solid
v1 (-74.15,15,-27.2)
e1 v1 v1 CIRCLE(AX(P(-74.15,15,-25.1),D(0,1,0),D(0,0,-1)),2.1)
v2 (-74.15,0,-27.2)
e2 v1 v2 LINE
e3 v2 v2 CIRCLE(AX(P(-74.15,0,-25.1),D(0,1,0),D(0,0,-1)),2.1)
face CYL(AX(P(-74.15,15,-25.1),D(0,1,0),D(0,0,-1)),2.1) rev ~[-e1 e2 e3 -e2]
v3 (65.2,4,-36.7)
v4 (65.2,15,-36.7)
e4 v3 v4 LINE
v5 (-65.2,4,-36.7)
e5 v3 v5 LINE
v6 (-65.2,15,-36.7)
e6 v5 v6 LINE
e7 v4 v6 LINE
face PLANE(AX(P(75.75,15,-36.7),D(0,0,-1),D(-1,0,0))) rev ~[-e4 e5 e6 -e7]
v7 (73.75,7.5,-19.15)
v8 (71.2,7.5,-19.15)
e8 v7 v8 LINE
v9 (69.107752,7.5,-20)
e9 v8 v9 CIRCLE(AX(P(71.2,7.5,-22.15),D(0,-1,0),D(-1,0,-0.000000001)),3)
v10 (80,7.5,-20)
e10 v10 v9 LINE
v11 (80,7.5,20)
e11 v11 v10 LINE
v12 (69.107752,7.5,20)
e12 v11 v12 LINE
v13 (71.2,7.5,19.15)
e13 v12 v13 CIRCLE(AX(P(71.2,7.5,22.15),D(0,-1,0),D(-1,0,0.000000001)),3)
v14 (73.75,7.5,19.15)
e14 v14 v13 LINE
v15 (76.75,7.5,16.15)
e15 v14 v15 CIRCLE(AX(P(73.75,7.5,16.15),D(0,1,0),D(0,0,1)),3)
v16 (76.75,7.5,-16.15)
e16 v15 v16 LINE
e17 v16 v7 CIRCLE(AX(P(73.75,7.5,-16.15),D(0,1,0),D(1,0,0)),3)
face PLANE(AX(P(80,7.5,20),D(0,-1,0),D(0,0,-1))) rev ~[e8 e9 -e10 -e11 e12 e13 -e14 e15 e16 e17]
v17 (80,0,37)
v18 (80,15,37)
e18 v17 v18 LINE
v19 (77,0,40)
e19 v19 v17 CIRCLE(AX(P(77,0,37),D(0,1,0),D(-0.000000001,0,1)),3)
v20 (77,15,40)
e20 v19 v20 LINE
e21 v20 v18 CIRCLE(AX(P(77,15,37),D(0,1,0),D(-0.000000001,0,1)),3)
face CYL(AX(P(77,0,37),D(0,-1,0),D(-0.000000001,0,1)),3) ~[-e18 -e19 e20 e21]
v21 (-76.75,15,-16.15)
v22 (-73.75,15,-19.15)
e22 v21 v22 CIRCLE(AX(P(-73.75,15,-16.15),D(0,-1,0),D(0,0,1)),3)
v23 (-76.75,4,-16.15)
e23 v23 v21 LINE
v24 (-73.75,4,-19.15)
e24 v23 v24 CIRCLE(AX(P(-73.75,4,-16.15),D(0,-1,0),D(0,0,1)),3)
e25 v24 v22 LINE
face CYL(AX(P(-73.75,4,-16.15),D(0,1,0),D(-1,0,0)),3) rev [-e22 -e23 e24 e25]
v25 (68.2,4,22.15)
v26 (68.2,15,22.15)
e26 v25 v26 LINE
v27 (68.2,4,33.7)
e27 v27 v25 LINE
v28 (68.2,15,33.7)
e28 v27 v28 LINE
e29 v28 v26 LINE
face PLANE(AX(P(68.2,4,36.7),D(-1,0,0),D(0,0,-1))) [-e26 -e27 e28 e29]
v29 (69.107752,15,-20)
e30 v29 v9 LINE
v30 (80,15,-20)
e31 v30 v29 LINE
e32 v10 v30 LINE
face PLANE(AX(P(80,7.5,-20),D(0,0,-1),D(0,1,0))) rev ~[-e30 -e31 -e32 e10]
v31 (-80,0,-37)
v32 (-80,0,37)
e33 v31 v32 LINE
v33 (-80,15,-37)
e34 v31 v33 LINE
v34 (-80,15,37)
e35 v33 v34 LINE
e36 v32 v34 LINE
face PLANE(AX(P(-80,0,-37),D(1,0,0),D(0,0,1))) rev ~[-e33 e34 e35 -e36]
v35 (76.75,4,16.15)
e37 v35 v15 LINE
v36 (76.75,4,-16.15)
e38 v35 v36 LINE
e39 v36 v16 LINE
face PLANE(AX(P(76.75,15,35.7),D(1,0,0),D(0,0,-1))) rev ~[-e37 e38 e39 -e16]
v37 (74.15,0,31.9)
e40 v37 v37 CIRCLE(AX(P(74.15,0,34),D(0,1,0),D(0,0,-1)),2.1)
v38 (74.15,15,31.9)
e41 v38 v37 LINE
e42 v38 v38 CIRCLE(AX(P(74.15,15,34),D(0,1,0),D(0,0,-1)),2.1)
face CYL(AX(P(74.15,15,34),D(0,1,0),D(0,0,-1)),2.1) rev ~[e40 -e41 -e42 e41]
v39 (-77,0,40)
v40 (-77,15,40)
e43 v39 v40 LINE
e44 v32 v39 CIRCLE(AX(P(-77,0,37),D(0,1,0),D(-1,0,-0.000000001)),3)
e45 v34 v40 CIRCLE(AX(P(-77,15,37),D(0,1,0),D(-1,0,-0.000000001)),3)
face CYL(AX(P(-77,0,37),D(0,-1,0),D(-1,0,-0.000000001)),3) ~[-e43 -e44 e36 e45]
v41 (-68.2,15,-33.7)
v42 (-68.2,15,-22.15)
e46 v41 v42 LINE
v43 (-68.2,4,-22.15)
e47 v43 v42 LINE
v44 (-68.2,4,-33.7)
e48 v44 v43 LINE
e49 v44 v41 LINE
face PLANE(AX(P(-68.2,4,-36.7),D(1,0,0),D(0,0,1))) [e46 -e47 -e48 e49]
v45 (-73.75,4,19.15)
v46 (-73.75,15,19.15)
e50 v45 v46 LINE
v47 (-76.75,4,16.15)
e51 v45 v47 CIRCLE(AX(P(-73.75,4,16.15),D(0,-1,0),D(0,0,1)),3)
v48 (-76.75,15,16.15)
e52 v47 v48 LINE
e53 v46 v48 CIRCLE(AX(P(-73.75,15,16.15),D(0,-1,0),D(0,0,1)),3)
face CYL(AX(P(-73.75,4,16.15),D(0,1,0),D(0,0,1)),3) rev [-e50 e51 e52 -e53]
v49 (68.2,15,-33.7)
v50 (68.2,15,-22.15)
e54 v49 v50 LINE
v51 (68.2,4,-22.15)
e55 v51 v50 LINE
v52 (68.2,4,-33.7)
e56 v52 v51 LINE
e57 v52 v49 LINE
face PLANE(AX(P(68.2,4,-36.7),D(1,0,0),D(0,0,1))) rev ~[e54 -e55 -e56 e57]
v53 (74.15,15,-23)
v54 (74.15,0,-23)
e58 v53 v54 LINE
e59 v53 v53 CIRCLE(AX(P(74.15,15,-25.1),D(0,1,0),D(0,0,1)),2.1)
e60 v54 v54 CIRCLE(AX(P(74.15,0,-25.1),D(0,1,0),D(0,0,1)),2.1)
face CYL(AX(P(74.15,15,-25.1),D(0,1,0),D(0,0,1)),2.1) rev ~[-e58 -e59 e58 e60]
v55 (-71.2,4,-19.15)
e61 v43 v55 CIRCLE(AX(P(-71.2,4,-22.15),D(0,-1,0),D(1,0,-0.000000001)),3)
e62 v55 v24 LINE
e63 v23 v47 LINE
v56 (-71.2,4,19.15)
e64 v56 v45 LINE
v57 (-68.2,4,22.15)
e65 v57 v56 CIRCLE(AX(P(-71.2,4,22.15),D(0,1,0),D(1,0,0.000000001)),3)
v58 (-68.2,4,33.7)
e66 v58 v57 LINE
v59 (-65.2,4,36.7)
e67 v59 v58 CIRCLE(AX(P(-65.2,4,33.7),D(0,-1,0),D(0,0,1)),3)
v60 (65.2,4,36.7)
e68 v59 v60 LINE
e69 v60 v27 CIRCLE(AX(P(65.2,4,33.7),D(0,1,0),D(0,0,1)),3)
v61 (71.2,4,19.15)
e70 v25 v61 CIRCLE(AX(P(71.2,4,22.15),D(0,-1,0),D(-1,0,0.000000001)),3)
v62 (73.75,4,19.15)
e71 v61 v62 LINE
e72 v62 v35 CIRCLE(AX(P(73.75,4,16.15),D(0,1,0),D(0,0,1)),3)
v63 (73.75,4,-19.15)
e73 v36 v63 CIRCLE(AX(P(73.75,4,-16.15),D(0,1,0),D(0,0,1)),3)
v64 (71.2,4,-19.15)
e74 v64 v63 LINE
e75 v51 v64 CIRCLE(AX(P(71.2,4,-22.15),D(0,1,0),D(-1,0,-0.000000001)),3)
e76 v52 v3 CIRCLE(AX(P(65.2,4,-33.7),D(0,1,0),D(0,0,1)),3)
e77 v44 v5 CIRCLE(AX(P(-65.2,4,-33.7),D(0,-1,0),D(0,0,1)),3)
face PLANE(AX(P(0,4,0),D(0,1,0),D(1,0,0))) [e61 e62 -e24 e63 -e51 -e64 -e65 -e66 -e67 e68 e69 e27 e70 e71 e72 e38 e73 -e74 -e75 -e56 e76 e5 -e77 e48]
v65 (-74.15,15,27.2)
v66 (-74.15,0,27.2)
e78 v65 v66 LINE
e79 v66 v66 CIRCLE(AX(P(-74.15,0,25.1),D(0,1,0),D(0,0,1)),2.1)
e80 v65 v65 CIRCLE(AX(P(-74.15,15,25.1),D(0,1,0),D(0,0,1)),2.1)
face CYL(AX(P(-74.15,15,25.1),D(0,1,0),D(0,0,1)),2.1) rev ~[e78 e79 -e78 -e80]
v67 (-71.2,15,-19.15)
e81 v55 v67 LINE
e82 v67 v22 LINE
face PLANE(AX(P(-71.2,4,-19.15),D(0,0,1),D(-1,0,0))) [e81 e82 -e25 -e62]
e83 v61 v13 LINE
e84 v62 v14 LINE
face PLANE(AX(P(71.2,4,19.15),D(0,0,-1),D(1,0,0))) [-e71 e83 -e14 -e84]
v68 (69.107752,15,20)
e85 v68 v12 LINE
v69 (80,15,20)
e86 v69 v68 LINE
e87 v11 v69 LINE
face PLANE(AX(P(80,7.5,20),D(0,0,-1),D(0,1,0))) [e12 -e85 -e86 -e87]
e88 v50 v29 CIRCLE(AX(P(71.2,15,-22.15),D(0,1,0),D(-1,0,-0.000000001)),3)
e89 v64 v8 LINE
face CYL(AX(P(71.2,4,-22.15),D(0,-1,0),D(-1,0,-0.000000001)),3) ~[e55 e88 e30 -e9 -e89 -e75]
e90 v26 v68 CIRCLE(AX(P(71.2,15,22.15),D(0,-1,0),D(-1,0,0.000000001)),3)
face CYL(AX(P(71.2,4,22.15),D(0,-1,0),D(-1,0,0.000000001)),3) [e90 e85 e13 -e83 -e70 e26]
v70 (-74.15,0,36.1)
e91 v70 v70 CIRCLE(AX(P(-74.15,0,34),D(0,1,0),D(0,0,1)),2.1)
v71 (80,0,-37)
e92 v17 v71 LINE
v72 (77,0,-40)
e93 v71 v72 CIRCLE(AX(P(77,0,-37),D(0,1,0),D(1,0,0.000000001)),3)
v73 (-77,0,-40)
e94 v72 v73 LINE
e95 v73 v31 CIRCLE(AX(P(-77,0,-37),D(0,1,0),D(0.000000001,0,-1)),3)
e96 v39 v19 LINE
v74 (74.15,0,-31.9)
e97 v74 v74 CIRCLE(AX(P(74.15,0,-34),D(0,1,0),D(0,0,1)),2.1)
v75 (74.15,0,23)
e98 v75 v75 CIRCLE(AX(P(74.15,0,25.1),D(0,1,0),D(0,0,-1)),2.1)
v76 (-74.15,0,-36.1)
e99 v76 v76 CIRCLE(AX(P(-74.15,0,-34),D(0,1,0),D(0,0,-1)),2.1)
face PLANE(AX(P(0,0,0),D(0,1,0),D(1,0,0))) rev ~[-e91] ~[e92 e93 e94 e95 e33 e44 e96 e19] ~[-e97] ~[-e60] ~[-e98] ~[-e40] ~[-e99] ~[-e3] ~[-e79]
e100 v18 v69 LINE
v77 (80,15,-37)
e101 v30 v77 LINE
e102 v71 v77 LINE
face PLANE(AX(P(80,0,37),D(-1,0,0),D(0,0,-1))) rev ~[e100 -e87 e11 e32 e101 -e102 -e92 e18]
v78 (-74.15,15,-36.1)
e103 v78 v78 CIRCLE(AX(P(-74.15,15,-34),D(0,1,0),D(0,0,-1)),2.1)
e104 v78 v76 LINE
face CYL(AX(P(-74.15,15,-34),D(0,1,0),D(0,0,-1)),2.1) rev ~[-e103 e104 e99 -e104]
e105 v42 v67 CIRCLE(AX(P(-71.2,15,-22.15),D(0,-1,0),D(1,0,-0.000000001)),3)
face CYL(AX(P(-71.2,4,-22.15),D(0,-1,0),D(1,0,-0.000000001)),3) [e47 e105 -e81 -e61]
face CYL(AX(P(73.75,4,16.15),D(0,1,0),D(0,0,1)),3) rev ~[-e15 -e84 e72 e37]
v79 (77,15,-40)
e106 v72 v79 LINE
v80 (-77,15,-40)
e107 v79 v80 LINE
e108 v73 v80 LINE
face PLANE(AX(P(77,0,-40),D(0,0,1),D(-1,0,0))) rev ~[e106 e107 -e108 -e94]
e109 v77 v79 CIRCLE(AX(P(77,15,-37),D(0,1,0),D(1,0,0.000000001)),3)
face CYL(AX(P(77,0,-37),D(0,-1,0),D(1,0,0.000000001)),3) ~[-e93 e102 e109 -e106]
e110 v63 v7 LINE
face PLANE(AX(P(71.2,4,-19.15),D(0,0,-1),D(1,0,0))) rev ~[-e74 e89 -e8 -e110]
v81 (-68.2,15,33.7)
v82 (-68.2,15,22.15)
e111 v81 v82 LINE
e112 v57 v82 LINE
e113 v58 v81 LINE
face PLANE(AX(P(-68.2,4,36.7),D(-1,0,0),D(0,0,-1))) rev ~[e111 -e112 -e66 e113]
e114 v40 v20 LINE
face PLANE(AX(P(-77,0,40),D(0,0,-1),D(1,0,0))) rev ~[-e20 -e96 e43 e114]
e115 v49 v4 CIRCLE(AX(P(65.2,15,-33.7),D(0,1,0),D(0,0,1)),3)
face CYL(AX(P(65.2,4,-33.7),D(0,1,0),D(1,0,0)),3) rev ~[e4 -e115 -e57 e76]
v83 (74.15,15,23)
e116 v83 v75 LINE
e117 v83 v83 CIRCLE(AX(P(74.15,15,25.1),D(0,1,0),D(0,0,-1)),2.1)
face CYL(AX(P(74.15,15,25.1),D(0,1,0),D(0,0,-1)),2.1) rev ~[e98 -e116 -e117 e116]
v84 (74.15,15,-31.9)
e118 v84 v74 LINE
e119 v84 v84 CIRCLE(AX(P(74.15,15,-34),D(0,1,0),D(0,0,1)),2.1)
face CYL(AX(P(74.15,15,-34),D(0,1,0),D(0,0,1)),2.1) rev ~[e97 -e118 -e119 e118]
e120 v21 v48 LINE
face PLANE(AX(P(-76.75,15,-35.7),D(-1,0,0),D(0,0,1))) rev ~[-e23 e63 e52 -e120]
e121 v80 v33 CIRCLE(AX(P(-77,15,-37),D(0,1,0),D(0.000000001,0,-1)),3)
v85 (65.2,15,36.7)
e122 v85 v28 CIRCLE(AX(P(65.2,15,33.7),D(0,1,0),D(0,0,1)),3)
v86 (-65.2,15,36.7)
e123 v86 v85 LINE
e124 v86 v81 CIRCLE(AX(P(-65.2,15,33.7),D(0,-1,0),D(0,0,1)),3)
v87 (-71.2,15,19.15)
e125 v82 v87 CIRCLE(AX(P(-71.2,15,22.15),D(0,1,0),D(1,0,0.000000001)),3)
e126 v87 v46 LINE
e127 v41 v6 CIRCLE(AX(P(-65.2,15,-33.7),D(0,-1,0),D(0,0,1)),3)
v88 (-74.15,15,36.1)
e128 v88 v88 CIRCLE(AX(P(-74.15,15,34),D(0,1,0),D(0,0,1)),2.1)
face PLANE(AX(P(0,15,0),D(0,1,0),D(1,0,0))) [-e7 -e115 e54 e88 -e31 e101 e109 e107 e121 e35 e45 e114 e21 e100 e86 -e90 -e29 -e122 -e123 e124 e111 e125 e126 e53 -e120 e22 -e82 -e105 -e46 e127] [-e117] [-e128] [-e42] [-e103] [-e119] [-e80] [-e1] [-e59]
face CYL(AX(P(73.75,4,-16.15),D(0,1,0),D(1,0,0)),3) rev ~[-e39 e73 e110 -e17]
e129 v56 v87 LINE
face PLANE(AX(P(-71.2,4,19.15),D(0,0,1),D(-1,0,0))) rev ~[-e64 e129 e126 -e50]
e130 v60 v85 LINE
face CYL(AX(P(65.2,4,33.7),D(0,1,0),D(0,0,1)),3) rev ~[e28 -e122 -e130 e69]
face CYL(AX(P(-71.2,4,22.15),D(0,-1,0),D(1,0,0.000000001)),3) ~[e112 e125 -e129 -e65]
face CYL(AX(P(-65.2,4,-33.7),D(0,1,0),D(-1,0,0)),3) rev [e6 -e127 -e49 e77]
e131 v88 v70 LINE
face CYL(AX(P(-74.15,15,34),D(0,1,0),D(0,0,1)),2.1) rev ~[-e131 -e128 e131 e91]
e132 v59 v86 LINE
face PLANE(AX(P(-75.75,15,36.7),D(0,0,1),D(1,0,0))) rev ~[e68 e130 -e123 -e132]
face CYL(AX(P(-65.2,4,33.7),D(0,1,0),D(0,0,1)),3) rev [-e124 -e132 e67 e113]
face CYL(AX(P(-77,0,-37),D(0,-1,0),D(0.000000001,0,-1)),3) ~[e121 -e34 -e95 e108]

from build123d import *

# Parameters (mm, degrees)
EXTRUDE_1_DEPTH     = 15
CUT_EXTRUDE_1_DEPTH = 11
EXTRUDE_2_DEPTH     = 11
SKETCH_4_R          = 2.1
CUT_EXTRUDE_2_DEPTH = 91.691785736
FILLET_1_R          = 3
CUT_EXTRUDE_3_REACH = 167.605
SKETCH_5_W          = 40
SKETCH_5_H          = 40


with BuildPart() as part:
    # Эскиз1 → Бобышка-Вытянуть1 (new body)
    with BuildSketch(Plane(origin=(0, 0, 0), x_dir=(1, 0, 0), z_dir=(0, 1, 0))):
        with BuildLine():
            Line((-77, -40), (77, -40))
            ThreePointArc((77, -40), (79.121320344, -39.121320344), (80, -37))
            Line((80, -37), (80, 37))
            ThreePointArc((80, 37), (79.121320344, 39.121320344), (77, 40))
            Line((77, 40), (-77, 40))
            ThreePointArc((-77, 40), (-79.121320344, 39.121320344), (-80, 37))
            Line((-80, 37), (-80, -37))
            ThreePointArc((-80, -37), (-79.121320344, -39.121320344), (-77, -40))
        make_face()
    extrude(amount=EXTRUDE_1_DEPTH)

    # Эскиз2 → Вырез-Вытянуть1 (cut)
    with BuildSketch(Plane(origin=(0, 15, 0), x_dir=(1, 0, 0), z_dir=(0, 1, 0))):
        with BuildLine():
            Line((-75.75, -36.7), (75.75, -36.7))
            ThreePointArc((75.75, -36.7), (76.457106781, -36.407106781), (76.75, -35.7))
            Line((76.75, -35.7), (76.75, 35.7))
            ThreePointArc((76.75, 35.7), (76.457106781, 36.407106781), (75.75, 36.7))
            Line((75.75, 36.7), (-75.75, 36.7))
            ThreePointArc((-75.75, 36.7), (-76.457106781, 36.407106781), (-76.75, 35.7))
            Line((-76.75, 35.7), (-76.75, -35.7))
            ThreePointArc((-76.75, -35.7), (-76.457106781, -36.407106781), (-75.75, -36.7))
        make_face()
    extrude(amount=-CUT_EXTRUDE_1_DEPTH, mode=Mode.SUBTRACT)

    # Эскиз3 → Бобышка-Вытянуть2 (add)
    with BuildSketch(Plane(origin=(0, 4, 0), x_dir=(1, 0, 0), z_dir=(0, 1, 0))):
        with BuildLine():
            Line((-76.75, -36.7), (-68.2, -36.7))
            Line((-68.2, -36.7), (-68.2, -22.15))
            ThreePointArc((-68.2, -22.15), (-69.078679656, -20.028679656), (-71.2, -19.15))
            Line((-71.2, -19.15), (-76.75, -19.15))
            Line((-76.75, -19.15), (-76.75, -36.7))
        make_face()
        with BuildLine():
            Line((-68.2, 36.7), (-68.2, 22.15))
            ThreePointArc((-68.2, 22.15), (-69.078679656, 20.028679656), (-71.2, 19.15))
            Line((-71.2, 19.15), (-76.75, 19.15))
            Line((-76.75, 19.15), (-76.75, 36.7))
            Line((-76.75, 36.7), (-68.2, 36.7))
        make_face()
        with BuildLine():
            Line((76.75, 36.7), (68.2, 36.7))
            Line((68.2, 36.7), (68.2, 22.15))
            ThreePointArc((68.2, 22.15), (69.078679656, 20.028679656), (71.2, 19.15))
            Line((71.2, 19.15), (76.75, 19.15))
            Line((76.75, 19.15), (76.75, 36.7))
        make_face()
        with BuildLine():
            Line((68.2, -36.7), (68.2, -22.15))
            ThreePointArc((68.2, -22.15), (69.078679656, -20.028679656), (71.2, -19.15))
            Line((71.2, -19.15), (76.75, -19.15))
            Line((76.75, -19.15), (76.75, -36.7))
            Line((76.75, -36.7), (68.2, -36.7))
        make_face()
    extrude(amount=EXTRUDE_2_DEPTH)

    # Эскиз4 → Вырез-Вытянуть2 (cut, through all)
    with BuildSketch(Plane(origin=(0, 15, 0), x_dir=(1, 0, 0), z_dir=(0, 1, 0))):
        with Locations(Location((-74.15, -34, 0), (0, 0, 270))):
            Circle(SKETCH_4_R)
        with Locations(Location((-74.15, 34, 0), (0, 0, 90))):
            Circle(SKETCH_4_R)
        with Locations(Location((74.15, 34, 0), (0, 0, 270))):
            Circle(SKETCH_4_R)
        with Locations(Location((74.15, -34, 0), (0, 0, 90))):
            Circle(SKETCH_4_R)
        with Locations(Location((-74.15, -25.1, 0), (0, 0, 270))):
            Circle(SKETCH_4_R)
        with Locations(Location((-74.15, 25.1, 0), (0, 0, 90))):
            Circle(SKETCH_4_R)
        with Locations(Location((74.15, 25.1, 0), (0, 0, 270))):
            Circle(SKETCH_4_R)
        with Locations(Location((74.15, -25.1, 0), (0, 0, 90))):
            Circle(SKETCH_4_R)
    extrude(amount=-CUT_EXTRUDE_2_DEPTH, mode=Mode.SUBTRACT)

    # Скругление1
    fillet_1_edges = [part.edges().sort_by_distance(p)[0] for p in [
        (76.75, 9.5, 19.15),
        (68.2, 9.5, 36.7),
        (-68.2, 9.5, 36.7),
        (-76.75, 9.5, 19.15),
        (-76.75, 9.5, -19.15),
        (-68.2, 9.5, -36.7),
        (68.2, 9.5, -36.7),
        (76.75, 9.5, -19.15),
    ]]
    fillet(fillet_1_edges, radius=FILLET_1_R)

    # Вырез-Вытянуть3: up to this face of the body (flat: up to its plane)
    cut_extrude_3_end = Plane(part.part.faces().sort_by_distance((68.2, 9.5, -27.925))[0])
    # Эскиз5 → Вырез-Вытянуть3 (cut, up to the picked face)
    with BuildSketch(Plane(origin=(80, 0, 0), x_dir=(0, 0, -1), z_dir=(1, 0, 0)), mode=Mode.PRIVATE) as cut_extrude_3_sk1:
        with Locations((0, 27.5)):
            Rectangle(SKETCH_5_W, SKETCH_5_H)
    cut_extrude_3_tool1 = split(extrude(cut_extrude_3_sk1.sketch, amount=-CUT_EXTRUDE_3_REACH, mode=Mode.PRIVATE), bisect_by=cut_extrude_3_end, keep=Keep.BOTH, mode=Mode.PRIVATE)
    add(cut_extrude_3_tool1.solids().sort_by(Axis((80, 27.5, 0), (-1, 0, 0)))[0], mode=Mode.SUBTRACT)


solid = part.part
